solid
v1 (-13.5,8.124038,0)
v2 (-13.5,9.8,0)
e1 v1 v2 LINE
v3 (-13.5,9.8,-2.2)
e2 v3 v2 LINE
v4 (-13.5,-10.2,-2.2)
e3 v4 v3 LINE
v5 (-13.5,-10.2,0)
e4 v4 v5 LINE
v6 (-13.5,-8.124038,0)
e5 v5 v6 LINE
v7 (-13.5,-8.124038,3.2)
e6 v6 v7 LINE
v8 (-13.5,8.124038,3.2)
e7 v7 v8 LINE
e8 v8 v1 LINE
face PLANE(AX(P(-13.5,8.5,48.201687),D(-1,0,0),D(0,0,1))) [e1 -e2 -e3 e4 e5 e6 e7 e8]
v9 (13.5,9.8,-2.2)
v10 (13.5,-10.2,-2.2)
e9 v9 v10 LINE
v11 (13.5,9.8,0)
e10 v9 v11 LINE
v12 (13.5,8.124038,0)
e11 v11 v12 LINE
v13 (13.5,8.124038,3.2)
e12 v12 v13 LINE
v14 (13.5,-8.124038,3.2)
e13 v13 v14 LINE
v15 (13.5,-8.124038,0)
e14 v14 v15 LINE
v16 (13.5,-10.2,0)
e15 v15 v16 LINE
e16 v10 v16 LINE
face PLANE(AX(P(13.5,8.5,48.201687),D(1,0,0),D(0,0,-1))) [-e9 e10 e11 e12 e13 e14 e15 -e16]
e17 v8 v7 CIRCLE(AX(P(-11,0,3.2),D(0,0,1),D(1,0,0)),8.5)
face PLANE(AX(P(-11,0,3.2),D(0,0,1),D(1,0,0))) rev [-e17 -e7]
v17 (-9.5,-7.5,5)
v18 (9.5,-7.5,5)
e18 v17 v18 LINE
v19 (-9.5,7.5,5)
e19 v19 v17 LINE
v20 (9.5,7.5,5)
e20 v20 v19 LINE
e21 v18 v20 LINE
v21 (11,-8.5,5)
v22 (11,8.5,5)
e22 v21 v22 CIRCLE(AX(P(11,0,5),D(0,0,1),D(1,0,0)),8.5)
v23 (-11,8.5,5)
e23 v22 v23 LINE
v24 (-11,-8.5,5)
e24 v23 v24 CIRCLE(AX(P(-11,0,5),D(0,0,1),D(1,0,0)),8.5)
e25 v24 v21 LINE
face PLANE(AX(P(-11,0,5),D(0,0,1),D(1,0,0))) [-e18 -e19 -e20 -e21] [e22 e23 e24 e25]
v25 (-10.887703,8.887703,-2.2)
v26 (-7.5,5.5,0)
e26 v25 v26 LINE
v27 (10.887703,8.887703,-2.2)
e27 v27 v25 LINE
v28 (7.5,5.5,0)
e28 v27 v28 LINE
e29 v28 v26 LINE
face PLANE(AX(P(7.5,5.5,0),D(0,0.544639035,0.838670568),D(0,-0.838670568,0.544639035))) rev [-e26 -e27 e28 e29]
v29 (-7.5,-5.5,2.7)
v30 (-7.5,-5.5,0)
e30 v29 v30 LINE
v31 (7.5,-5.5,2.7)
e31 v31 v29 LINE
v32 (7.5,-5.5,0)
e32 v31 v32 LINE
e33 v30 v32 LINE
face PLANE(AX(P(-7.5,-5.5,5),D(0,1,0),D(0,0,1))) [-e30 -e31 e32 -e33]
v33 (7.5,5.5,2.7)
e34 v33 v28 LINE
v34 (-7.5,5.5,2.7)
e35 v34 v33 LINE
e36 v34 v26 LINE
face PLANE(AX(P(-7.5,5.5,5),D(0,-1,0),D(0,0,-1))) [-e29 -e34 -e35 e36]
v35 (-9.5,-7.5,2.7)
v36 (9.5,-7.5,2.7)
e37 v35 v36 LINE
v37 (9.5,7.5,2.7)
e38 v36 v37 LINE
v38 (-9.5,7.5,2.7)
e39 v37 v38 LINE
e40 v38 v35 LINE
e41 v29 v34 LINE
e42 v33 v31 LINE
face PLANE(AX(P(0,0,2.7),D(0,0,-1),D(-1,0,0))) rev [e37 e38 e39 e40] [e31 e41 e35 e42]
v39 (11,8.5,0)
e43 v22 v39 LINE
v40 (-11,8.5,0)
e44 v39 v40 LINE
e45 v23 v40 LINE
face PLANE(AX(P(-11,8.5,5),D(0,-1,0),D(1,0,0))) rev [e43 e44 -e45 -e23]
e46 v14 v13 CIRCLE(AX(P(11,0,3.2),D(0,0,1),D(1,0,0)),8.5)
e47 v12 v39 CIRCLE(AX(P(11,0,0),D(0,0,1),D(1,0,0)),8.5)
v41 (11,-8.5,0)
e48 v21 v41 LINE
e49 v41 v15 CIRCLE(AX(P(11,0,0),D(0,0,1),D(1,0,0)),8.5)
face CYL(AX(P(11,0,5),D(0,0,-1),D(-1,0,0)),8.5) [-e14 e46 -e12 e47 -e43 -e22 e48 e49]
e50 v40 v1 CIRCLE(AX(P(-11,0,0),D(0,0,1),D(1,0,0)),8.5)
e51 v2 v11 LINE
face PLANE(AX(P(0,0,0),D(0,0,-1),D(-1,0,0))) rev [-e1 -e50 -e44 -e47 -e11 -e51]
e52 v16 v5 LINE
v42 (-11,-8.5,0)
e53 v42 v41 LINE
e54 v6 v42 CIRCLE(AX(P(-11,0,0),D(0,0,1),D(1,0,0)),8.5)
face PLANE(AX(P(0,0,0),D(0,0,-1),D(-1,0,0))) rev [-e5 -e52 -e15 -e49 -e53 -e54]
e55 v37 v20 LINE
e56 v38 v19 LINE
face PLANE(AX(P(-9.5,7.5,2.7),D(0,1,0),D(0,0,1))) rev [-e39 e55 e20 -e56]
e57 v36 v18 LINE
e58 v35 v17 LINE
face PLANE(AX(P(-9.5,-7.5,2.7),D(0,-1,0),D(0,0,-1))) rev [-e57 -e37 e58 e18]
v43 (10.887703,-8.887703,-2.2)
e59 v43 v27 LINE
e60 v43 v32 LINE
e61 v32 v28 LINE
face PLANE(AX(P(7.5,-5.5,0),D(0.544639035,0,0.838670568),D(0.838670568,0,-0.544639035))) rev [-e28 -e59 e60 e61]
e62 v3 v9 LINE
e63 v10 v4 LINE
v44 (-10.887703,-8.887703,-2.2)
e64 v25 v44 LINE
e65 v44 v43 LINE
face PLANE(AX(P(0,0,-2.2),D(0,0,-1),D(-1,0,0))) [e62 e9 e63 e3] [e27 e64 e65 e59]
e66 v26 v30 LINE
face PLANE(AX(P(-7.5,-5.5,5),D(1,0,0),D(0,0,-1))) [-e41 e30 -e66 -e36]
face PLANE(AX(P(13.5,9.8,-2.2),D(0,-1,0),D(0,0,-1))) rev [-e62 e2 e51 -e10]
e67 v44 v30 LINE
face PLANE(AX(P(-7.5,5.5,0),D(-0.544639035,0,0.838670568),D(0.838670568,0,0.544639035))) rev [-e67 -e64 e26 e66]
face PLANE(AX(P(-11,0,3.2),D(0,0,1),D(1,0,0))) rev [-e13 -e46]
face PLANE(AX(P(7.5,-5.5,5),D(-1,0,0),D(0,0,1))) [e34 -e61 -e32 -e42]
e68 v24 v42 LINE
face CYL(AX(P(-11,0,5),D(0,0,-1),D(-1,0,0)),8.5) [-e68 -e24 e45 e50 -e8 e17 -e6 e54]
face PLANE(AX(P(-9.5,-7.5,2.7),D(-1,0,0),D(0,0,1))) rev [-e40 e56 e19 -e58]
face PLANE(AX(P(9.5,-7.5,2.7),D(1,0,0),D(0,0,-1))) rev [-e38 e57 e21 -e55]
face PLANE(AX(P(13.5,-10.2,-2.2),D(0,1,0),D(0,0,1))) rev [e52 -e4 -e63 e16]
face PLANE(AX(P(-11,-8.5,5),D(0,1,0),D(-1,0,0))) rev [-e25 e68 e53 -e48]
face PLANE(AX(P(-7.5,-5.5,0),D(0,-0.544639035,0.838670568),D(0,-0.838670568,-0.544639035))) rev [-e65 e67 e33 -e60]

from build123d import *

# Parameters (mm, degrees)
SKETCH_1_W           = 15
SKETCH_1_H           = 11
EXTRUDE_1_DEPTH      = 5
SKETCH_2_W           = 19
SKETCH_2_H           = 15
CUT_EXTRUDE_1_DEPTH  = 2.3
SKETCH_3_OUTSIDE_W   = 49.568
SKETCH_3_OUTSIDE_H   = 27.568
SKETCH_3_OUTSIDE_W_2 = 27
SKETCH_3_OUTSIDE_H_2 = 17
CUT_EXTRUDE_2_DEPTH  = 3.2
SKETCH_4_W           = 27
SKETCH_4_H           = 20
EXTRUDE_2_DEPTH      = 2.2
SKETCH_5_W           = 15
SKETCH_5_H           = 11
CUT_EXTRUDE_3_DEPTH  = 3.2
CUT_EXTRUDE_3_TAPER  = -57


with BuildPart() as part:
    # Эскиз1 → Бобышка-Вытянуть1 (new body)
    with BuildSketch(Plane.XY):
        with BuildLine():
            Line((-11, 8.5), (11, 8.5))
            ThreePointArc((11, 8.5), (19.5, 0), (11, -8.5))
            Line((11, -8.5), (-11, -8.5))
            ThreePointArc((-11, -8.5), (-19.5, 0), (-11, 8.5))
        make_face()
        Rectangle(SKETCH_1_W, SKETCH_1_H, mode=Mode.SUBTRACT)
    extrude(amount=EXTRUDE_1_DEPTH)

    # Эскиз2 → Вырез-Вытянуть1 (cut)
    with BuildSketch(Plane.XY.offset(5)):
        Rectangle(SKETCH_2_W, SKETCH_2_H)
    extrude(amount=-CUT_EXTRUDE_1_DEPTH, mode=Mode.SUBTRACT)

    # Эскиз3 outside → Вырез-Вытянуть2 (cut)
    with BuildSketch(Plane(origin=(0, 0, 0), x_dir=(-1, 0, 0), z_dir=(0, 0, -1))):
        Rectangle(SKETCH_3_OUTSIDE_W, SKETCH_3_OUTSIDE_H)
        Rectangle(SKETCH_3_OUTSIDE_W_2, SKETCH_3_OUTSIDE_H_2, mode=Mode.SUBTRACT)
    extrude(amount=-CUT_EXTRUDE_2_DEPTH, mode=Mode.SUBTRACT)

    # Эскиз4 → Бобышка-Вытянуть2 (add)
    with BuildSketch(Plane(origin=(0, 0, 0), x_dir=(-1, 0, 0), z_dir=(0, 0, -1))):
        with Locations((0, -0.2)):
            Rectangle(SKETCH_4_W, SKETCH_4_H)
    extrude(amount=EXTRUDE_2_DEPTH)

    # Эскиз5 → Вырез-Вытянуть3 (cut, through all)
    with BuildSketch(Plane.XY):
        Rectangle(SKETCH_5_W, SKETCH_5_H)
    extrude(amount=-CUT_EXTRUDE_3_DEPTH, taper=CUT_EXTRUDE_3_TAPER, mode=Mode.SUBTRACT)


solid = part.part
